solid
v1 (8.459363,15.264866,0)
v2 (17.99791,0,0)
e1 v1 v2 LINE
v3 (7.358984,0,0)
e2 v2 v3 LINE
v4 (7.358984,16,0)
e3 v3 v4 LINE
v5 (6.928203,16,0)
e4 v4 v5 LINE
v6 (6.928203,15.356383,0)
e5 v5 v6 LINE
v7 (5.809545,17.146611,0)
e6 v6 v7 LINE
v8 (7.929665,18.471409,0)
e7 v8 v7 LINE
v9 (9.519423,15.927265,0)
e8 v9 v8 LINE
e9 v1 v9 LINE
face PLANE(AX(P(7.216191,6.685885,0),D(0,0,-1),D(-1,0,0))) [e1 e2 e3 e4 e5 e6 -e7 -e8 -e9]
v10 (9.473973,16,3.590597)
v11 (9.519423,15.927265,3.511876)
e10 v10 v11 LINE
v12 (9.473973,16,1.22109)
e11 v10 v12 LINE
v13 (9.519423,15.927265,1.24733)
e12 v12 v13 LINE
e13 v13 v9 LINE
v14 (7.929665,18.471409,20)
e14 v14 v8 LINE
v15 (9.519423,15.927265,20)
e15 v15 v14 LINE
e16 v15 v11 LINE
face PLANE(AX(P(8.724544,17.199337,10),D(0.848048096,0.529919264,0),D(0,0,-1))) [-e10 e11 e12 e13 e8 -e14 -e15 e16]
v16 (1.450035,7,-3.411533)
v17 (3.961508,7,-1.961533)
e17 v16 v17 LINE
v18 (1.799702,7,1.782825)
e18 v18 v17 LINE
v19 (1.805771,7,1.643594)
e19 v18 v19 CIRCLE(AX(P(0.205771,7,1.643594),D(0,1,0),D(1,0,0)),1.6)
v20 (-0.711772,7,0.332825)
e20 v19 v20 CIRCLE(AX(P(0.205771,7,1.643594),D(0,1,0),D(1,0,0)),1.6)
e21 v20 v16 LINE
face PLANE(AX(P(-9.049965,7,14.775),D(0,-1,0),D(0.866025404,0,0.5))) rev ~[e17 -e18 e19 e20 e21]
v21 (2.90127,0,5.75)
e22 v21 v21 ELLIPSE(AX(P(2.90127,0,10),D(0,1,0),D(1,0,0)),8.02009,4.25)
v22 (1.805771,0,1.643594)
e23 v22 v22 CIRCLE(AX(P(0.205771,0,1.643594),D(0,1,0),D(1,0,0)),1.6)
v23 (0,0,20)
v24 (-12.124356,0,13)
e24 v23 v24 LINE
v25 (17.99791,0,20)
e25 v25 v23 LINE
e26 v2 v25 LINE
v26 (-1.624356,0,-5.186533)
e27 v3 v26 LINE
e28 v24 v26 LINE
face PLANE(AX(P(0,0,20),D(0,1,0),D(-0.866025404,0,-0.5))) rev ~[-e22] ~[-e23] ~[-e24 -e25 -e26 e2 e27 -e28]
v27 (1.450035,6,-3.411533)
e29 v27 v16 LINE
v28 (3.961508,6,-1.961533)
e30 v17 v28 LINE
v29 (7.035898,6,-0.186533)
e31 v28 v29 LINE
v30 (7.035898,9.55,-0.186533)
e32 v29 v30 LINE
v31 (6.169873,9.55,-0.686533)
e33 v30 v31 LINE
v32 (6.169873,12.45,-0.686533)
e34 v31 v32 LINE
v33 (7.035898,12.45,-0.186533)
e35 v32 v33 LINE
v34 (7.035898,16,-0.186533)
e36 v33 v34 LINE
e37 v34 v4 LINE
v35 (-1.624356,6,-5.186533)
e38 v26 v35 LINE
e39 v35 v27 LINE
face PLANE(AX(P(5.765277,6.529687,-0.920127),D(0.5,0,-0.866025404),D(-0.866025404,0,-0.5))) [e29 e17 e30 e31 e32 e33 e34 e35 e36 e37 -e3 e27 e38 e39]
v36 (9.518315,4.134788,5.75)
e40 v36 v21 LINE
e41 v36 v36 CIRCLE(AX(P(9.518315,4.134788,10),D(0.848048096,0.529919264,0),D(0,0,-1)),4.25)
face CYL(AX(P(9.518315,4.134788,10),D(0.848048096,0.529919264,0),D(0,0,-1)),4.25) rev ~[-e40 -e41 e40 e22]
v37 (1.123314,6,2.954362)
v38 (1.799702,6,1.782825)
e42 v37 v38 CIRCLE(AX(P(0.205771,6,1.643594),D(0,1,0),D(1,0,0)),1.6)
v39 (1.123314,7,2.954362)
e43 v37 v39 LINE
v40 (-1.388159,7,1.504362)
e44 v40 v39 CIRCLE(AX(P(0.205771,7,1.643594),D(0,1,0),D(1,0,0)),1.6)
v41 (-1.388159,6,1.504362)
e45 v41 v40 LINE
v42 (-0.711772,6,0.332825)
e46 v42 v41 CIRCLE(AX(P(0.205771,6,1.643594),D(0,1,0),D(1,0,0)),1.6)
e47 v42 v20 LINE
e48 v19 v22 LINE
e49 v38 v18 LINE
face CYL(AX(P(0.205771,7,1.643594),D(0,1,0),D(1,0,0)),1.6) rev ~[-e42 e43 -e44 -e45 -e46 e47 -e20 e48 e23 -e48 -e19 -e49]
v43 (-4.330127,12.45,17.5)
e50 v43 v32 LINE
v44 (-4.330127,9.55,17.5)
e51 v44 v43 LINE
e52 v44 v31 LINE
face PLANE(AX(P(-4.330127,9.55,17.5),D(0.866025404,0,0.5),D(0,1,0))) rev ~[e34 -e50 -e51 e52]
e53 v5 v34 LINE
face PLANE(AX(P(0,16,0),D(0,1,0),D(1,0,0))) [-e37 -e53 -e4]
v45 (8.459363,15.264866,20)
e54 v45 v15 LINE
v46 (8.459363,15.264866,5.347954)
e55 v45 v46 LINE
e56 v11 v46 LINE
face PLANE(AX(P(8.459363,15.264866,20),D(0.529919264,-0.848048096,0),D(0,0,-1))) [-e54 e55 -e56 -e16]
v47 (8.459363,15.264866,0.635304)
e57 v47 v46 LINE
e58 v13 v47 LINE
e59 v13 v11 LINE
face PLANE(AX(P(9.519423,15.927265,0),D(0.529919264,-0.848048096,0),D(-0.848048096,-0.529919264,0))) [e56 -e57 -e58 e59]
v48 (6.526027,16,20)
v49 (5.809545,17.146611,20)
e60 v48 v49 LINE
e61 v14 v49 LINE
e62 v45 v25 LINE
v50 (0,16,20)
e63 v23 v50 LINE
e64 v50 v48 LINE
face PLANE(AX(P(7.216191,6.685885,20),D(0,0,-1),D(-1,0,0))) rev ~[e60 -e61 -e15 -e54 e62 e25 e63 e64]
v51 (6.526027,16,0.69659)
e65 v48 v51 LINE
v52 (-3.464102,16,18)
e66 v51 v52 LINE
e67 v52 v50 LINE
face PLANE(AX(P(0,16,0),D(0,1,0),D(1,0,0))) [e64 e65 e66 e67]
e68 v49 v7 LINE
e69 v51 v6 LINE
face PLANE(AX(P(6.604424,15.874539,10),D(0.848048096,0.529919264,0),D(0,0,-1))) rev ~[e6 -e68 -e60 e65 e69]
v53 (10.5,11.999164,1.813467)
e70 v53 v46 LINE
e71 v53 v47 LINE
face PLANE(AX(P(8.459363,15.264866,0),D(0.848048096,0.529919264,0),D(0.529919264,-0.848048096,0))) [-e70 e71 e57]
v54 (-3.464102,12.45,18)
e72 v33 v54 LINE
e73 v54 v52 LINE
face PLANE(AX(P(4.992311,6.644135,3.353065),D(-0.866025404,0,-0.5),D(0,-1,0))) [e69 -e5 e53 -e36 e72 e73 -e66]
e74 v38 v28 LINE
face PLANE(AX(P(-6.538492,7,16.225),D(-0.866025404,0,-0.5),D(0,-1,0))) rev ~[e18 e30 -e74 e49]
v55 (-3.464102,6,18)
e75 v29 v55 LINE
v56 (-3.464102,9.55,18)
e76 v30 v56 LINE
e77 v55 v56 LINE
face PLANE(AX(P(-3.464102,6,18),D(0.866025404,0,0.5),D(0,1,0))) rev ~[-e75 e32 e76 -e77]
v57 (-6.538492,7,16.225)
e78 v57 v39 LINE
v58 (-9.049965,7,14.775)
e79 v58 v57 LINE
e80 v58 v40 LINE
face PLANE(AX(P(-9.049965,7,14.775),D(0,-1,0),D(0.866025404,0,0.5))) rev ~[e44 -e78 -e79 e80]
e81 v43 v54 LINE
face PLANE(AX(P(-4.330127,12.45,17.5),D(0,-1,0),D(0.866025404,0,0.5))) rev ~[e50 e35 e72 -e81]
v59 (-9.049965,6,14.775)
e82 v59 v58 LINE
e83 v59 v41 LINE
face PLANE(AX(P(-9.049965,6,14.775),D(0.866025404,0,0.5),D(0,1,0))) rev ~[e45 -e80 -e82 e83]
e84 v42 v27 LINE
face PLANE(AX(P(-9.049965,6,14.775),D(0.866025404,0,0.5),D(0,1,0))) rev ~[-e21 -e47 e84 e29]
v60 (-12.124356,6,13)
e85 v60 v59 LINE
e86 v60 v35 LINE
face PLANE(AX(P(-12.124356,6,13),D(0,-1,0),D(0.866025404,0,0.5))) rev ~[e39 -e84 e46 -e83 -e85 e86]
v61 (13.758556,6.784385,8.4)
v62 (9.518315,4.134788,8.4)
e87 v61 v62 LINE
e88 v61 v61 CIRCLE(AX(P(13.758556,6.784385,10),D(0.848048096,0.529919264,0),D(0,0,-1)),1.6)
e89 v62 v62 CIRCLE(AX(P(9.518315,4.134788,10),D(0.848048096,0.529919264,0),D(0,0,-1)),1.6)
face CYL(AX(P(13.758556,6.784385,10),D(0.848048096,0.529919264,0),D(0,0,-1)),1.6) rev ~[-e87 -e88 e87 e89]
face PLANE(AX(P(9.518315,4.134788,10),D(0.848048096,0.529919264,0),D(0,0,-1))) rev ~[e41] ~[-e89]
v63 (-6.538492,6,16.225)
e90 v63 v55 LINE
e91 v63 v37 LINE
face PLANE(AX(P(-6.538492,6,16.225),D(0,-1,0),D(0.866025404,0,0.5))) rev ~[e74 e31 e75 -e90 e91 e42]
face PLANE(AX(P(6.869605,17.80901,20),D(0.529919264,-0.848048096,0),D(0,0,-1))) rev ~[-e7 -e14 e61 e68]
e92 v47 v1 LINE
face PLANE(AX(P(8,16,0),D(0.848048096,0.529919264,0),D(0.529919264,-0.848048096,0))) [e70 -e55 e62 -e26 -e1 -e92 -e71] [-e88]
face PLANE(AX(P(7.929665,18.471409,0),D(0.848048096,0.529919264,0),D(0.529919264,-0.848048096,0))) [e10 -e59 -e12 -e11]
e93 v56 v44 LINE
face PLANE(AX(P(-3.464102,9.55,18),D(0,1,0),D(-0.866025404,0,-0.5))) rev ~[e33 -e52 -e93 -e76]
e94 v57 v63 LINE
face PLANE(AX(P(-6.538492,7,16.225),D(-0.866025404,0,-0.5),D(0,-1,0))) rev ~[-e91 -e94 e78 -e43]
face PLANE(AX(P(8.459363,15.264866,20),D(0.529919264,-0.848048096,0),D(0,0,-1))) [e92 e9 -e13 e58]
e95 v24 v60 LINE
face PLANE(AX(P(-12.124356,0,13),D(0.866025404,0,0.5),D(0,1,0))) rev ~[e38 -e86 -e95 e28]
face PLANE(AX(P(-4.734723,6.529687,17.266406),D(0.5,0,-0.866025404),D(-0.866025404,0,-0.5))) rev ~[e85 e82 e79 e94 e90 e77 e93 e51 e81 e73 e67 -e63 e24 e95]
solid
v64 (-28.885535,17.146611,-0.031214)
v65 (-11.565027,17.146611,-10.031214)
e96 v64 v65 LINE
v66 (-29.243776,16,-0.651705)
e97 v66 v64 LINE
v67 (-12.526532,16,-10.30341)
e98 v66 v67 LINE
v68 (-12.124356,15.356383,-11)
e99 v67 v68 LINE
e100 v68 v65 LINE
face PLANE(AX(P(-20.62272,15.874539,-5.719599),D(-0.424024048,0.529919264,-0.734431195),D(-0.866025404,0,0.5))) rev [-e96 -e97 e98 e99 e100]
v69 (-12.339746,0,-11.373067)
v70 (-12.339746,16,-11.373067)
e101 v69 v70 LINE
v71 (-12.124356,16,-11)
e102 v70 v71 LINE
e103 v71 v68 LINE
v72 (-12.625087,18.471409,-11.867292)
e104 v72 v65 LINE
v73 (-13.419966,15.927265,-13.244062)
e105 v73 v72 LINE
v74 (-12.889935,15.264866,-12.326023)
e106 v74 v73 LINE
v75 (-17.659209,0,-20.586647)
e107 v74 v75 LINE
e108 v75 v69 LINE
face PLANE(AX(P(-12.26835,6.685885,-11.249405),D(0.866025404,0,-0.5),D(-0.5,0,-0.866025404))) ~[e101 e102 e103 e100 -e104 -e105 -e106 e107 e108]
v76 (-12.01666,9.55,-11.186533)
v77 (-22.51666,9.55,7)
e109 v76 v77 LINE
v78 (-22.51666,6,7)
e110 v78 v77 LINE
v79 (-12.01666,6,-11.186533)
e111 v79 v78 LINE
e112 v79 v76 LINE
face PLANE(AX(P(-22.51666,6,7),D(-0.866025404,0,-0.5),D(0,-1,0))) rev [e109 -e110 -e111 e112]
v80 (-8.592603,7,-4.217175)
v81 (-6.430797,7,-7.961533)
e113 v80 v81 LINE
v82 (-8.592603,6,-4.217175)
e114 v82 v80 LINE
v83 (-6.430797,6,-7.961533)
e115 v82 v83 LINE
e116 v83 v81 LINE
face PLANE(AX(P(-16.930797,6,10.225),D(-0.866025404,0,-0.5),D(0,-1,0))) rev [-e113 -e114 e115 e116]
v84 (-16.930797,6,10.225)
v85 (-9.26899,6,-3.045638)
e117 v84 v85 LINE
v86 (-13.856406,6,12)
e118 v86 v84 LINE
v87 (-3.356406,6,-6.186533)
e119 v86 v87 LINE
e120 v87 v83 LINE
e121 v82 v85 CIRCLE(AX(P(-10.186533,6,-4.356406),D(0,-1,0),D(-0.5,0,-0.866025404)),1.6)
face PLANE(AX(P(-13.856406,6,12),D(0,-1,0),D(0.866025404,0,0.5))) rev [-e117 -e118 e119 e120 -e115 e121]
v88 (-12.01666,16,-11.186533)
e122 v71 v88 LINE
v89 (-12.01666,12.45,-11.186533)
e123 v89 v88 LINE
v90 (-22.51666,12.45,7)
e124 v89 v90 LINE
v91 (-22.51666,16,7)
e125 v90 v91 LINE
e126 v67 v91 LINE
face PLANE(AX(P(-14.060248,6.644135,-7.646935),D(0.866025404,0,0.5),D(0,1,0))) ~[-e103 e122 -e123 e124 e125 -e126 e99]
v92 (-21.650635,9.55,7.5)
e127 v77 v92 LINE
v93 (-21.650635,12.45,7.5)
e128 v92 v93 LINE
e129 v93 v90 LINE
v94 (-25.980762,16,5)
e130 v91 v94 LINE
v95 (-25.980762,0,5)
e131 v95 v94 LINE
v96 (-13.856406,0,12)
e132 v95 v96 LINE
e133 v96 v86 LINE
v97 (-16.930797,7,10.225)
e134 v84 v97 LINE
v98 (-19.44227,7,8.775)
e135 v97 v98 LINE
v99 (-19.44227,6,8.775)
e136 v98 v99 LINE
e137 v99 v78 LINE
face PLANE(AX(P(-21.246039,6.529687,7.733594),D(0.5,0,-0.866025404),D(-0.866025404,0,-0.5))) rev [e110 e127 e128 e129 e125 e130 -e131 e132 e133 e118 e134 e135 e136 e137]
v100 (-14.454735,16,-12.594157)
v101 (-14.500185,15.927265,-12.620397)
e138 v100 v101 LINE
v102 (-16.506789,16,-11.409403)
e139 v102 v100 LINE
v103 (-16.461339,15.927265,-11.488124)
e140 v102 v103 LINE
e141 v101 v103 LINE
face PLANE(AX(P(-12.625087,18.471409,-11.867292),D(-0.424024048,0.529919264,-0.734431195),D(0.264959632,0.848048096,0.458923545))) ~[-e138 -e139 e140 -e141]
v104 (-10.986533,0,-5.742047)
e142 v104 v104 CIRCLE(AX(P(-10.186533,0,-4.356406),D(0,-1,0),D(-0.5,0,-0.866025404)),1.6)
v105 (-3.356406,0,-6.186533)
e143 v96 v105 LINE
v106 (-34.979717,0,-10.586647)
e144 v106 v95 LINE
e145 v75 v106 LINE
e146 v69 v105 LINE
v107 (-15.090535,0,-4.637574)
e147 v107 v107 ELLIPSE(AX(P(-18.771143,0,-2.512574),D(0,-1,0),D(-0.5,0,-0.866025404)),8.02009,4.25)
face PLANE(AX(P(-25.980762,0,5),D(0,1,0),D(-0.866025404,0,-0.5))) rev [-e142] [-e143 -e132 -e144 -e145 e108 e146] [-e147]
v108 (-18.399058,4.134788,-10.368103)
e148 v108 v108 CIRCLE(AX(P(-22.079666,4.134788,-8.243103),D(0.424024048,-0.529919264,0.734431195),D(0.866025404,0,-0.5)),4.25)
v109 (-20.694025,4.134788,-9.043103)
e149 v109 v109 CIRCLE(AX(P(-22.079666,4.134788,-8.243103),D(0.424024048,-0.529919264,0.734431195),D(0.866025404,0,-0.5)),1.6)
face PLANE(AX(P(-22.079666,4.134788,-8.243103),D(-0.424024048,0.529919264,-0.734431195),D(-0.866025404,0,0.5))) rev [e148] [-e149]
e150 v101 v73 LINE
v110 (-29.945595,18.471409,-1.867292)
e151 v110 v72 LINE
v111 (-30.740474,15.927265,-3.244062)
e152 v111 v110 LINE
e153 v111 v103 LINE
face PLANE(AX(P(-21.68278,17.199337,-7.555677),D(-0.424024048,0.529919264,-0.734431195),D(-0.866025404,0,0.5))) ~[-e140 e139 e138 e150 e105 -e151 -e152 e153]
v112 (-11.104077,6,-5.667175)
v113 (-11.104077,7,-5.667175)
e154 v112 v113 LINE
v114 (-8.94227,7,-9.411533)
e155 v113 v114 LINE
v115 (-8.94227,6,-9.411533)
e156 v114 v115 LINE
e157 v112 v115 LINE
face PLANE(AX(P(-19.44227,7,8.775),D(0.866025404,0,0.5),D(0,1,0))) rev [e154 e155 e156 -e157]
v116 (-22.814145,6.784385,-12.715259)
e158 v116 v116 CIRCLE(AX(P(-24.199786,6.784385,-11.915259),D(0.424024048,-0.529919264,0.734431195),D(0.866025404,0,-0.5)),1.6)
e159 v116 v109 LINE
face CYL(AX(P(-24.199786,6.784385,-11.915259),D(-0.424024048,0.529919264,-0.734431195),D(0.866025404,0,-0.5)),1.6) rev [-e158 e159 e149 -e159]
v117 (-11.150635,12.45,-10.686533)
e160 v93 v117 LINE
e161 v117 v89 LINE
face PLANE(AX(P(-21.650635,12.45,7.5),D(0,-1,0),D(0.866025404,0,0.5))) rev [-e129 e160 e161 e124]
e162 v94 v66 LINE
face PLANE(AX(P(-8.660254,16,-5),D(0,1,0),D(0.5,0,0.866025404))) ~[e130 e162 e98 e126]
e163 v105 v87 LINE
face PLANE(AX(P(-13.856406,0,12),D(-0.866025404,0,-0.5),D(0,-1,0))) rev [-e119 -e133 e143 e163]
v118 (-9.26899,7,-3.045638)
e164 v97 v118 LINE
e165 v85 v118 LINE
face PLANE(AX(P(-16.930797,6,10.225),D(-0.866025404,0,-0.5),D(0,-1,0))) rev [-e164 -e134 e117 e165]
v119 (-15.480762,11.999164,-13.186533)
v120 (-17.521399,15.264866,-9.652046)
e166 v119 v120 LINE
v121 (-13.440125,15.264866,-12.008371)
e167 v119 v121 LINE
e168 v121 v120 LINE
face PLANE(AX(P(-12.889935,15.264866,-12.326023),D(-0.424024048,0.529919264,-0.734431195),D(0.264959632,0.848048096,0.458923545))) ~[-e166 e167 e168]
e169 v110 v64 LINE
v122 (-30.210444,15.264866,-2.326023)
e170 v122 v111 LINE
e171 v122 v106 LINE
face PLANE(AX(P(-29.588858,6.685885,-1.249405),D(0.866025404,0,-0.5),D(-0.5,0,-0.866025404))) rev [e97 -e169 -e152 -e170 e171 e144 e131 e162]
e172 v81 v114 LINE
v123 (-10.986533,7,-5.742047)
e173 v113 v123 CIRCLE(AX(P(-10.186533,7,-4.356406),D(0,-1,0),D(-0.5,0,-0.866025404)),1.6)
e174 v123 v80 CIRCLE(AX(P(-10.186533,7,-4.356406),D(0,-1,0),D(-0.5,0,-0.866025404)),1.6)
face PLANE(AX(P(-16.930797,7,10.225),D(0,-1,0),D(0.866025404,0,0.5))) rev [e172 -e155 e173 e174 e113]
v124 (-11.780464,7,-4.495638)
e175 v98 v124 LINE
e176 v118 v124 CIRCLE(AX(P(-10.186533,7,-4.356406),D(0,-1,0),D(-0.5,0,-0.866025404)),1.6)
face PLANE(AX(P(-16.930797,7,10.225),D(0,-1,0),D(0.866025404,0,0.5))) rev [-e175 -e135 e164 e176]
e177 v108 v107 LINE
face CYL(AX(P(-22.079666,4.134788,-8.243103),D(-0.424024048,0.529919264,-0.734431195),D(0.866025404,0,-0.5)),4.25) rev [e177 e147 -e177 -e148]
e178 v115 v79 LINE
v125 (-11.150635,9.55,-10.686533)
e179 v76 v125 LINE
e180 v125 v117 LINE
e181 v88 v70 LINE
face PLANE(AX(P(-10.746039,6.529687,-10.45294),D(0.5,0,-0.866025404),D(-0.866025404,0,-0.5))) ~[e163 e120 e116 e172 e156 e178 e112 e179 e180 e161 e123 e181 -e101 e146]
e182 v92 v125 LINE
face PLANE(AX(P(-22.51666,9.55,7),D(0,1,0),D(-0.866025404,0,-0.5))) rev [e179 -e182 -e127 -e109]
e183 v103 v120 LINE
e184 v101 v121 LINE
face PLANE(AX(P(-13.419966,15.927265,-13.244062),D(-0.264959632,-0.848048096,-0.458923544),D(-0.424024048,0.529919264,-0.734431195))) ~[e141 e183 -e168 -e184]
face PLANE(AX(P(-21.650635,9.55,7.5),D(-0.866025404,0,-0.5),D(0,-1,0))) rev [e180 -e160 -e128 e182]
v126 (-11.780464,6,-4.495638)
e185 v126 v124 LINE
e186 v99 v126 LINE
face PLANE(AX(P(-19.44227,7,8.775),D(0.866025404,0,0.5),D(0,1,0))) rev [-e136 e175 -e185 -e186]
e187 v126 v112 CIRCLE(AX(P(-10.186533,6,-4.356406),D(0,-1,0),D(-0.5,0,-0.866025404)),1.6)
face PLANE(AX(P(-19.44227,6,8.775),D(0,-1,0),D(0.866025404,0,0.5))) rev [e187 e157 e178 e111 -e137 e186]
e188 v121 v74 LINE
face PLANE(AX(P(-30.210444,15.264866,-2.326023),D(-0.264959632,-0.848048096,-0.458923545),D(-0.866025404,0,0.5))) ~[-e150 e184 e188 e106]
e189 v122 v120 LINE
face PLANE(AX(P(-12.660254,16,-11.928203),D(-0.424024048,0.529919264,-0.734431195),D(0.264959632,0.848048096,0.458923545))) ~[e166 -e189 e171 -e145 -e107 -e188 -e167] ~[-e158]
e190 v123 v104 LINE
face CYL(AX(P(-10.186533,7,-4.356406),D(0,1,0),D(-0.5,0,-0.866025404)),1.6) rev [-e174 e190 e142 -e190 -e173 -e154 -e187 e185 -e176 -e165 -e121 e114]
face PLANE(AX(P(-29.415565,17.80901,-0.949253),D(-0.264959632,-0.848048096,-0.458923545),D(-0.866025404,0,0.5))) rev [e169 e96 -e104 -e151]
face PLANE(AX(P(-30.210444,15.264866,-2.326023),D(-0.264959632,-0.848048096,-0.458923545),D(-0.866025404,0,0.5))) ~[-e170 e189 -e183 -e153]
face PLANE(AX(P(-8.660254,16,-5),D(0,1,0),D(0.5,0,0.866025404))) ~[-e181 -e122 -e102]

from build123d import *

# Parameters (mm, degrees)
MAIN_DEPTH                     = 20
ESQUISSE2_R                    = 1.6
HOLEFORLAUNCHERFIXING_DEPTH    = 26.158736213
ESQUISSE4_W                    = 22.287049145
ESQUISSE4_H                    = 34.815979295
ENL_V_MAT_EXTRU_3_DEPTH        = 6
MAKERBEANFIXING_DEPTH          = 21
ESQUISSE6_W                    = 20
ESQUISSE6_H                    = 3
ANTIROTATIONSYSTEM_DEPTH       = 1.25
ESQUISSE7_R                    = 1.6
TOPMAKERBEANFIXINGHOLE_DEPTH   = 30.249238927
ENL_V_MAT_EXTRU_4_DEPTH        = 33.636141089
ESQUISSE3_R                    = 4.25
BIGHOLEFORLAUNCHERFIXING_DEPTH = 32.680552778


with BuildPart() as part:
    # Esquisse1 → Main (new body)
    with BuildSketch(Plane.XY):
        Polygon((8, 16), (17.997909631, 0), (0, 0), (0, 16), align=None)
    extrude(amount=MAIN_DEPTH)

    # Esquisse2 → HoleForLauncherFixing (cut, through all)
    with BuildSketch(Plane(origin=(12.943836958, 8.088207011, 0), x_dir=(0, 0, -1), z_dir=(0.8480480961564272, 0.5299192642332031, 0))):
        with Locations((-10, -1.537439029)):
            Circle(ESQUISSE2_R)
    extrude(amount=-HOLEFORLAUNCHERFIXING_DEPTH, mode=Mode.SUBTRACT)

    # Esquisse4 → Enlèv. mat.-Extru.3 (cut)
    with BuildSketch(Plane(origin=(0, 0, 0), x_dir=(0, -1, 0), z_dir=(-0.8660254037844398, 0, -0.499999999999998))):
        with Locations((-6.644134867, 0.407683814)):
            Rectangle(ESQUISSE4_W, ESQUISSE4_H)
    extrude(amount=-ENL_V_MAT_EXTRU_3_DEPTH, mode=Mode.SUBTRACT)

    # Esquisse5 → MakerBeanFixing (add)
    with BuildSketch(Plane(origin=(-3.464101615, 0, 18), x_dir=(-0.8660254037844398, 0, -0.49999999999999806), z_dir=(0.499999999999998, 0, -0.8660254037844397))):
        Polygon((-4, 0), (10, 0), (10, 6), (6.45, 6), (6.45, 7), (3.55, 7), (3.55, 6), (0, 6), (0, 9.55), (1, 9.55), (1, 12.45), (0, 12.45), (0, 16), (-4, 16), align=None)
    extrude(amount=MAKERBEANFIXING_DEPTH)

    # Esquisse6 → AntiRotationSystem (add, symmetric)
    with BuildSketch(Plane(origin=(12.943836958, 8.088207011, 0), x_dir=(0, 0, -1), z_dir=(0.8480480961564272, 0.529919264233203, 0))):
        with Locations((-10, 9.962560971)):
            Rectangle(ESQUISSE6_W, ESQUISSE6_H)
    extrude(amount=ANTIROTATIONSYSTEM_DEPTH, both=True)

    # Esquisse7 → TopMakerBeanFixingHole (cut, through all)
    with BuildSketch(Plane(origin=(0, 7, 0), x_dir=(1, 0, 0), z_dir=(0, 1, 0))):
        with Locations((0.205771366, -1.643593539)):
            Circle(ESQUISSE7_R)
    extrude(amount=-TOPMAKERBEANFIXINGHOLE_DEPTH, mode=Mode.SUBTRACT)

    # Esquisse8 → Enlèv. mat.-Extru.4 (cut, through all)
    with BuildSketch(Plane(origin=(0, 0, 0), x_dir=(-1, 0, 0), z_dir=(0, 0, -1))):
        Polygon((-8.459362874, 15.264865731), (-17.997909631, 0), (-21.602114039, 2.252156873), (-10.47380949, 20.061166892), (-7.929665202, 18.4714091), (-9.519422995, 15.927264811), align=None)
    extrude(amount=-ENL_V_MAT_EXTRU_4_DEPTH, mode=Mode.SUBTRACT)

    # Esquisse3 → BigHoleForLauncherFixing (cut, through all)
    with BuildSketch(Plane(origin=(8.703596477, 5.43861069, 0), x_dir=(0, 0, -1), z_dir=(0.8480480961564272, 0.5299192642332031, 0))):
        with Locations((-10, -1.537439029)):
            Circle(ESQUISSE3_R)
    extrude(amount=-BIGHOLEFORLAUNCHERFIXING_DEPTH, mode=Mode.SUBTRACT)


with BuildPart() as body_2:
    # Mirror1: mirrored copy
    add(part.part.mirror(Plane(origin=(-4.330127019, 0, -2.5), x_dir=(-0.499999999999998, 0, 0.8660254037844398), z_dir=(-0.8660254037844398, 0, -0.499999999999998))))


solid = Compound([part.part, body_2.part])
